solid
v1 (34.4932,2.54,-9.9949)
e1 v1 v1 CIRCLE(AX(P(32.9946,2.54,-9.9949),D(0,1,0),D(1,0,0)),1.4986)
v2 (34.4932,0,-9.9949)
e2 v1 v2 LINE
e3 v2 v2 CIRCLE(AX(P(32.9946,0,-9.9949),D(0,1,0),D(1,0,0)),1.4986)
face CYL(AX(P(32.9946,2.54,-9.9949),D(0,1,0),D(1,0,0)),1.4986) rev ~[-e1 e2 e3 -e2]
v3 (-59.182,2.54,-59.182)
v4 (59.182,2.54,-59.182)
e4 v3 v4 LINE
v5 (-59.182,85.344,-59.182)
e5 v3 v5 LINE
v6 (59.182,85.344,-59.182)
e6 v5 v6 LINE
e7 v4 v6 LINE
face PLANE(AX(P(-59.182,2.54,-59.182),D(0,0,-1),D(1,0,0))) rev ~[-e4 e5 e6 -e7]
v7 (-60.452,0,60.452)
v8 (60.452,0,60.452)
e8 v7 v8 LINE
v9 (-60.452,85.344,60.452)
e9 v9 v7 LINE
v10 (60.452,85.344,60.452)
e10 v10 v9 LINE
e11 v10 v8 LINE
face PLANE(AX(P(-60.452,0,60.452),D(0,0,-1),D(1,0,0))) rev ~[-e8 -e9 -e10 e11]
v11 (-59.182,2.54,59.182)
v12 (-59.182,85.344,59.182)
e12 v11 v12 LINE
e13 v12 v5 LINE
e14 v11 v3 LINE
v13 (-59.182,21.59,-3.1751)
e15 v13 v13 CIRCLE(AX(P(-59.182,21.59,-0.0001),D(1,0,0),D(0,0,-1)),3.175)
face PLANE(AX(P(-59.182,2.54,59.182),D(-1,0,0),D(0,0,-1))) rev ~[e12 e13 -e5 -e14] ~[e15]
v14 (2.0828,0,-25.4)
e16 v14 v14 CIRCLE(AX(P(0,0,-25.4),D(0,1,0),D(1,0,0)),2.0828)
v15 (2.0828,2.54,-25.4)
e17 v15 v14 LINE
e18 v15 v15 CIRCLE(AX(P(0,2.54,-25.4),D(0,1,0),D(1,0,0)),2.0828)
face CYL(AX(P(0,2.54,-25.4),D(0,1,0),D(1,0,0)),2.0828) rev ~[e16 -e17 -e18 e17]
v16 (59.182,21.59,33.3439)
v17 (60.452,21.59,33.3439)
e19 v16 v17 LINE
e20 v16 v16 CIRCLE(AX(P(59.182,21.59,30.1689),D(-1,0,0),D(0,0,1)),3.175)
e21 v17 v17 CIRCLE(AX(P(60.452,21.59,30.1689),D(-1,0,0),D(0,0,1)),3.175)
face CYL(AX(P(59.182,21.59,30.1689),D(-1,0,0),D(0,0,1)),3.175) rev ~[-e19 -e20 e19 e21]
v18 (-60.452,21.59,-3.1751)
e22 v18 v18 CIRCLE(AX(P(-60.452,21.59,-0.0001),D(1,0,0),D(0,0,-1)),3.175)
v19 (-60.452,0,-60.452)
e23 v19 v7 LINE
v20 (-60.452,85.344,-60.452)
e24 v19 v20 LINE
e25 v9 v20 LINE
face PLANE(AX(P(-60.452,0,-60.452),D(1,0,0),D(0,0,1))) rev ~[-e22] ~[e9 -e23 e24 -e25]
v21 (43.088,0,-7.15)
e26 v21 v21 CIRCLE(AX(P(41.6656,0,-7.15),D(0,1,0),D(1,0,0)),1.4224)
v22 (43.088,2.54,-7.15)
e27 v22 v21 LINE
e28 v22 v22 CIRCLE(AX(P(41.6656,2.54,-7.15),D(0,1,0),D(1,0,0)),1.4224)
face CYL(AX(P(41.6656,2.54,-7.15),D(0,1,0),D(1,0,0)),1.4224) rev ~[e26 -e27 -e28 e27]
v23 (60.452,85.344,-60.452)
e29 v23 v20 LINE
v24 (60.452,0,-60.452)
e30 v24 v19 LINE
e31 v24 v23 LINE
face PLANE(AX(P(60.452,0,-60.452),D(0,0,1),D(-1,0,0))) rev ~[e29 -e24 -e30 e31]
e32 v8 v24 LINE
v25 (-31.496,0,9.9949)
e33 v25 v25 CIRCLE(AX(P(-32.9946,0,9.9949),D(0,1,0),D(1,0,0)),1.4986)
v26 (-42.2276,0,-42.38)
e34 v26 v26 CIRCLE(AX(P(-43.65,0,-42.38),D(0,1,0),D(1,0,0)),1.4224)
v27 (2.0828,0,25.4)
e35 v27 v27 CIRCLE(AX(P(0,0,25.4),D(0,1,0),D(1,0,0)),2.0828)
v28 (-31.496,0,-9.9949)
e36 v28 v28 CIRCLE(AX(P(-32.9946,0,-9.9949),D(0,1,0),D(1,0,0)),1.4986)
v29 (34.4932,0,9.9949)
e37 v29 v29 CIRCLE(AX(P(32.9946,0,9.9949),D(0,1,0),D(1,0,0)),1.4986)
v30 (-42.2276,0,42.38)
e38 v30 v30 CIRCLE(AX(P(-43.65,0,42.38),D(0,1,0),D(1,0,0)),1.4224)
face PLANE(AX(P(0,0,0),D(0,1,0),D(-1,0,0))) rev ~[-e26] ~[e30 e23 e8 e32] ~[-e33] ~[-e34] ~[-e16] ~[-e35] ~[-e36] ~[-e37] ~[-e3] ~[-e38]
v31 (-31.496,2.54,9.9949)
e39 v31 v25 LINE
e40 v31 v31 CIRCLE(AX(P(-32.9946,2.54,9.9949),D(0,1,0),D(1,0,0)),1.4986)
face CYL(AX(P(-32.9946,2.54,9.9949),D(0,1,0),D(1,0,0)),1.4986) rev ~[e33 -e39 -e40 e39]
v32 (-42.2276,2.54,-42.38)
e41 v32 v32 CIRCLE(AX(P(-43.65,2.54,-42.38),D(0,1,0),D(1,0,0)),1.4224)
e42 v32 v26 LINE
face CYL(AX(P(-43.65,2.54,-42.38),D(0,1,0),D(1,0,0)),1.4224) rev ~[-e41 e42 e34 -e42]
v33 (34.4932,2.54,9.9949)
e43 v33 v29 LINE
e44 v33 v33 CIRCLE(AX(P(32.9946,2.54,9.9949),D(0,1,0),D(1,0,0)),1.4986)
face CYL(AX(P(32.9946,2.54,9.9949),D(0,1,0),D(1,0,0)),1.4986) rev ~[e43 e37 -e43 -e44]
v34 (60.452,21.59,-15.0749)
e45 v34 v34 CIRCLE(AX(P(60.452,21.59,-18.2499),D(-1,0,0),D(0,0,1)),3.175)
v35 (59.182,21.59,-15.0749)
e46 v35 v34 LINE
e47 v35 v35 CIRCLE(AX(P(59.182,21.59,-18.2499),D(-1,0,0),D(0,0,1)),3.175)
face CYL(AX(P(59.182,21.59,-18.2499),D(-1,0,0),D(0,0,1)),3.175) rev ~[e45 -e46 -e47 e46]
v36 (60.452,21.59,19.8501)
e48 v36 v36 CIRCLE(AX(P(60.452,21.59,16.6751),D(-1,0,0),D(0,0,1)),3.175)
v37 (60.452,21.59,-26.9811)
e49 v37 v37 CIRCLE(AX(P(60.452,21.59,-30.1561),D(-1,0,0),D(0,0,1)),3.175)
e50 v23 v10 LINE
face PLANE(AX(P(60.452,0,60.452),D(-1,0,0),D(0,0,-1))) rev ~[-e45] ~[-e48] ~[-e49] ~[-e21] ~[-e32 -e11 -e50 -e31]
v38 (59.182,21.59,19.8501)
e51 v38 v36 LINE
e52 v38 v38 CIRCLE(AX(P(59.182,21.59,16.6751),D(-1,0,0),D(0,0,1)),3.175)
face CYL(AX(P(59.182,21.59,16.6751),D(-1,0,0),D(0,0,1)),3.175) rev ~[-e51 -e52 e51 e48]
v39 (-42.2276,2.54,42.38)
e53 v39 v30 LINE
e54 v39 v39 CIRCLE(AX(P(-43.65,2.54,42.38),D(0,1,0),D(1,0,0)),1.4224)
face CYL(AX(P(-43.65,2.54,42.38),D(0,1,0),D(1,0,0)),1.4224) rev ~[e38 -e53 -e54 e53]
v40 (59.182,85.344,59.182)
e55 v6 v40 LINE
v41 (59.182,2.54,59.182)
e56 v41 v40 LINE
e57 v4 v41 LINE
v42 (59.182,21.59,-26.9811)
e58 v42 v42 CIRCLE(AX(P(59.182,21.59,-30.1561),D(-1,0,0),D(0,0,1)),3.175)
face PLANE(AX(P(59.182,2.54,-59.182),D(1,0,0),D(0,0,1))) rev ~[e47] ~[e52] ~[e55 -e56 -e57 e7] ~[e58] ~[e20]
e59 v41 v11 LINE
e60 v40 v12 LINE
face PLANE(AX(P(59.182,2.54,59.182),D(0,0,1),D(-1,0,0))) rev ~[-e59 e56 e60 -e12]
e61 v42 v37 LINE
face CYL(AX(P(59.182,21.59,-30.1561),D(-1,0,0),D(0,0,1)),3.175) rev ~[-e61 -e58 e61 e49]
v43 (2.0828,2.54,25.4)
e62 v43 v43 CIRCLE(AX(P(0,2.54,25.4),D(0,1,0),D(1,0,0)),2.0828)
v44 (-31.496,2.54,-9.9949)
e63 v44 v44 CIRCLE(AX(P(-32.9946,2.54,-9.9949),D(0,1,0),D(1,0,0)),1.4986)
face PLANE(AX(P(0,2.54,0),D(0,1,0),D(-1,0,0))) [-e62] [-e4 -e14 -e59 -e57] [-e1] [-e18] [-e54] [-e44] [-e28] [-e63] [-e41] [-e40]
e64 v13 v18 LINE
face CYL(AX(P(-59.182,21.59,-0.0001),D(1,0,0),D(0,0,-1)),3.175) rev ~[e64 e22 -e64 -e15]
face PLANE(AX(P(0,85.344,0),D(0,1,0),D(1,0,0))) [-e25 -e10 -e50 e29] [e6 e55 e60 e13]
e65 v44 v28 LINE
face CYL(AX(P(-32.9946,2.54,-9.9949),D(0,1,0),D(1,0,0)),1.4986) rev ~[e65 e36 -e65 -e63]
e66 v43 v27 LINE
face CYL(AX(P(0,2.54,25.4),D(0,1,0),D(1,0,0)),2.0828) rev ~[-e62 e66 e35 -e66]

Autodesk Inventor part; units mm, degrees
ref_plane "YZ Plane" through (0, 0, 0) normal (1, 0, 0) x (0, 1, 0)
ref_plane "XZ Plane" through (0, 0, 0) normal (0, 1, 0) x (-1, 0, 0)
ref_plane "XY Plane" through (0, 0, 0) normal (0, 0, 1) x (1, 0, 0)
sketch "Sketch1" plane through (0, 0, 0) normal (0, 1, 0) x (-1, 0, 0)
  line L0 (-60.452, -60.452) -> (60.452, -60.452)
  line L1 (60.452, -60.452) -> (60.452, 60.452)
  line L2 (60.452, 60.452) -> (-60.452, 60.452)
  line L3 (-60.452, 60.452) -> (-60.452, -60.452)
  line L4 (-60.452, -60.452) -> (60.452, 60.452) construction
  line L5 (60.452, -60.452) -> (-60.452, 60.452) construction
  point P0 (0, 0)
  dimension "d0" = 120.904
  dimension "d1" = 120.904
extrude "Extrusion1" add sketch "Sketch1" along normal blind 2.54
sketch "Sketch2" plane through (0, 2.54, 0) normal (0, 1, 0) x (1, 0, 0)
  line L0 (60.452, 60.452) -> (-60.452, 60.452) projected
  line L1 (60.452, -60.452) -> (-60.452, -60.452)
  line L2 (-60.452, -60.452) -> (-60.452, 60.452)
  line L3 (-60.452, 60.452) -> (60.452, 60.452)
  line L4 (60.452, 60.452) -> (60.452, -60.452)
  line L5 (60.452, -60.452) -> (-60.452, 60.452) construction
  line L6 (-60.452, -60.452) -> (60.452, 60.452) construction
  line L7 (59.182, -59.182) -> (-59.182, -59.182)
  line L8 (-59.182, -59.182) -> (-59.182, 59.182)
  line L9 (-59.182, 59.182) -> (59.182, 59.182)
  line L10 (59.182, 59.182) -> (59.182, -59.182)
  line L11 (59.182, -59.182) -> (-59.182, 59.182) construction
  line L12 (-59.182, -59.182) -> (59.182, 59.182) construction
  point P0 (0, 0)
  dimension "d4" = 118.364
  dimension "d5" = 118.364
extrude "Extrusion2" add sketch "Sketch2" along normal blind 82.804
sketch "Sketch3" plane through (0, 2.54, 0) normal (0, 1, 0) x (1, 0, 0)
  circle A0 centre (0, -25.4) radius 2.0828
  circle A1 centre (0, 25.4) radius 2.0828
  point P0 (0, 0)
  dimension "d10" = 4.1656
  dimension "d11" = 4.1656
extrude "Extrusion3" cut sketch "Sketch3" against normal through all
sketch "Sketch4" plane through (0, 2.54, 0) normal (0, 1, 0) x (1, 0, 0)
  line L0 (50, -50) -> (-50, 50) construction
  line L1 (-50, -50) -> (50, 50) construction
  circle A0 centre (41.6656, 7.15) radius 1.4224
  circle A1 centre (-43.65, -42.38) radius 1.4224
  circle A2 centre (-43.65, 42.38) radius 1.4224
  line L2 (32.9946, -9.9949) -> (-32.9946, 9.9949) construction
  line L3 (-32.9946, -9.9949) -> (32.9946, 9.9949) construction
  circle A3 centre (-32.9946, -9.9949) radius 1.4986
  circle A4 centre (-32.9946, 9.9949) radius 1.4986
  circle A5 centre (32.9946, 9.9949) radius 1.4986
  circle A6 centre (32.9946, -9.9949) radius 1.4986
  point P0 (0, 0)
  dimension "d14" = 100
  dimension "d15" = 100
  dimension "d21" = 2.8448
  dimension "d22" = 2.8448
  dimension "d23" = 2.8448
  dimension "d24" = 65.9892
  dimension "d25" = 19.9898
  dimension "d26" = 2.9972
  dimension "d27" = 2.9972
  dimension "d28" = 2.9972
  dimension "d29" = 2.9972
extrude "Extrusion4" cut sketch "Sketch4" against normal through all
sketch "Sketch5" plane through (-59.182, 2.54, 59.182) normal (1, 0, 0) x (0, 0, -1)
  line L0 (0, 0) -> (0, 82.804) projected
  line L1 (0, 19.05) -> (9.1821, 19.05) construction
  circle A0 centre (59.1821, 19.05) radius 3.175
  point P0 (59.182, -2.54)
  dimension "d35" = 6.35
extrude "Extrusion5" cut sketch "Sketch5" against normal through all
sketch "Sketch6" plane through (59.182, 2.54, -59.182) normal (-1, 0, 0) x (0, 0, 1)
  point P0 (59.182, -2.54)
sketch "Sketch7" plane through (59.182, 2.54, -59.182) normal (-1, 0, 0) x (0, 0, 1)
  line L0 (0, 0) -> (0, 82.804) projected
  line L1 (0, 19.05) -> (9.1821, 19.05) construction
  circle A0 centre (29.0259, 19.05) radius 3.175
  circle A1 centre (40.9321, 19.05) radius 3.175
  circle A2 centre (75.8571, 19.05) radius 3.175
  circle A3 centre (89.3509, 19.05) radius 3.175
  point P0 (59.182, -2.54)
  dimension "d44" = 6.35
  dimension "d45" = 6.35
  dimension "d46" = 6.35
  dimension "d47" = 6.35
extrude "Extrusion6" cut sketch "Sketch7" against normal through all
properties part number "546-1550Z137-4xSplitter"
